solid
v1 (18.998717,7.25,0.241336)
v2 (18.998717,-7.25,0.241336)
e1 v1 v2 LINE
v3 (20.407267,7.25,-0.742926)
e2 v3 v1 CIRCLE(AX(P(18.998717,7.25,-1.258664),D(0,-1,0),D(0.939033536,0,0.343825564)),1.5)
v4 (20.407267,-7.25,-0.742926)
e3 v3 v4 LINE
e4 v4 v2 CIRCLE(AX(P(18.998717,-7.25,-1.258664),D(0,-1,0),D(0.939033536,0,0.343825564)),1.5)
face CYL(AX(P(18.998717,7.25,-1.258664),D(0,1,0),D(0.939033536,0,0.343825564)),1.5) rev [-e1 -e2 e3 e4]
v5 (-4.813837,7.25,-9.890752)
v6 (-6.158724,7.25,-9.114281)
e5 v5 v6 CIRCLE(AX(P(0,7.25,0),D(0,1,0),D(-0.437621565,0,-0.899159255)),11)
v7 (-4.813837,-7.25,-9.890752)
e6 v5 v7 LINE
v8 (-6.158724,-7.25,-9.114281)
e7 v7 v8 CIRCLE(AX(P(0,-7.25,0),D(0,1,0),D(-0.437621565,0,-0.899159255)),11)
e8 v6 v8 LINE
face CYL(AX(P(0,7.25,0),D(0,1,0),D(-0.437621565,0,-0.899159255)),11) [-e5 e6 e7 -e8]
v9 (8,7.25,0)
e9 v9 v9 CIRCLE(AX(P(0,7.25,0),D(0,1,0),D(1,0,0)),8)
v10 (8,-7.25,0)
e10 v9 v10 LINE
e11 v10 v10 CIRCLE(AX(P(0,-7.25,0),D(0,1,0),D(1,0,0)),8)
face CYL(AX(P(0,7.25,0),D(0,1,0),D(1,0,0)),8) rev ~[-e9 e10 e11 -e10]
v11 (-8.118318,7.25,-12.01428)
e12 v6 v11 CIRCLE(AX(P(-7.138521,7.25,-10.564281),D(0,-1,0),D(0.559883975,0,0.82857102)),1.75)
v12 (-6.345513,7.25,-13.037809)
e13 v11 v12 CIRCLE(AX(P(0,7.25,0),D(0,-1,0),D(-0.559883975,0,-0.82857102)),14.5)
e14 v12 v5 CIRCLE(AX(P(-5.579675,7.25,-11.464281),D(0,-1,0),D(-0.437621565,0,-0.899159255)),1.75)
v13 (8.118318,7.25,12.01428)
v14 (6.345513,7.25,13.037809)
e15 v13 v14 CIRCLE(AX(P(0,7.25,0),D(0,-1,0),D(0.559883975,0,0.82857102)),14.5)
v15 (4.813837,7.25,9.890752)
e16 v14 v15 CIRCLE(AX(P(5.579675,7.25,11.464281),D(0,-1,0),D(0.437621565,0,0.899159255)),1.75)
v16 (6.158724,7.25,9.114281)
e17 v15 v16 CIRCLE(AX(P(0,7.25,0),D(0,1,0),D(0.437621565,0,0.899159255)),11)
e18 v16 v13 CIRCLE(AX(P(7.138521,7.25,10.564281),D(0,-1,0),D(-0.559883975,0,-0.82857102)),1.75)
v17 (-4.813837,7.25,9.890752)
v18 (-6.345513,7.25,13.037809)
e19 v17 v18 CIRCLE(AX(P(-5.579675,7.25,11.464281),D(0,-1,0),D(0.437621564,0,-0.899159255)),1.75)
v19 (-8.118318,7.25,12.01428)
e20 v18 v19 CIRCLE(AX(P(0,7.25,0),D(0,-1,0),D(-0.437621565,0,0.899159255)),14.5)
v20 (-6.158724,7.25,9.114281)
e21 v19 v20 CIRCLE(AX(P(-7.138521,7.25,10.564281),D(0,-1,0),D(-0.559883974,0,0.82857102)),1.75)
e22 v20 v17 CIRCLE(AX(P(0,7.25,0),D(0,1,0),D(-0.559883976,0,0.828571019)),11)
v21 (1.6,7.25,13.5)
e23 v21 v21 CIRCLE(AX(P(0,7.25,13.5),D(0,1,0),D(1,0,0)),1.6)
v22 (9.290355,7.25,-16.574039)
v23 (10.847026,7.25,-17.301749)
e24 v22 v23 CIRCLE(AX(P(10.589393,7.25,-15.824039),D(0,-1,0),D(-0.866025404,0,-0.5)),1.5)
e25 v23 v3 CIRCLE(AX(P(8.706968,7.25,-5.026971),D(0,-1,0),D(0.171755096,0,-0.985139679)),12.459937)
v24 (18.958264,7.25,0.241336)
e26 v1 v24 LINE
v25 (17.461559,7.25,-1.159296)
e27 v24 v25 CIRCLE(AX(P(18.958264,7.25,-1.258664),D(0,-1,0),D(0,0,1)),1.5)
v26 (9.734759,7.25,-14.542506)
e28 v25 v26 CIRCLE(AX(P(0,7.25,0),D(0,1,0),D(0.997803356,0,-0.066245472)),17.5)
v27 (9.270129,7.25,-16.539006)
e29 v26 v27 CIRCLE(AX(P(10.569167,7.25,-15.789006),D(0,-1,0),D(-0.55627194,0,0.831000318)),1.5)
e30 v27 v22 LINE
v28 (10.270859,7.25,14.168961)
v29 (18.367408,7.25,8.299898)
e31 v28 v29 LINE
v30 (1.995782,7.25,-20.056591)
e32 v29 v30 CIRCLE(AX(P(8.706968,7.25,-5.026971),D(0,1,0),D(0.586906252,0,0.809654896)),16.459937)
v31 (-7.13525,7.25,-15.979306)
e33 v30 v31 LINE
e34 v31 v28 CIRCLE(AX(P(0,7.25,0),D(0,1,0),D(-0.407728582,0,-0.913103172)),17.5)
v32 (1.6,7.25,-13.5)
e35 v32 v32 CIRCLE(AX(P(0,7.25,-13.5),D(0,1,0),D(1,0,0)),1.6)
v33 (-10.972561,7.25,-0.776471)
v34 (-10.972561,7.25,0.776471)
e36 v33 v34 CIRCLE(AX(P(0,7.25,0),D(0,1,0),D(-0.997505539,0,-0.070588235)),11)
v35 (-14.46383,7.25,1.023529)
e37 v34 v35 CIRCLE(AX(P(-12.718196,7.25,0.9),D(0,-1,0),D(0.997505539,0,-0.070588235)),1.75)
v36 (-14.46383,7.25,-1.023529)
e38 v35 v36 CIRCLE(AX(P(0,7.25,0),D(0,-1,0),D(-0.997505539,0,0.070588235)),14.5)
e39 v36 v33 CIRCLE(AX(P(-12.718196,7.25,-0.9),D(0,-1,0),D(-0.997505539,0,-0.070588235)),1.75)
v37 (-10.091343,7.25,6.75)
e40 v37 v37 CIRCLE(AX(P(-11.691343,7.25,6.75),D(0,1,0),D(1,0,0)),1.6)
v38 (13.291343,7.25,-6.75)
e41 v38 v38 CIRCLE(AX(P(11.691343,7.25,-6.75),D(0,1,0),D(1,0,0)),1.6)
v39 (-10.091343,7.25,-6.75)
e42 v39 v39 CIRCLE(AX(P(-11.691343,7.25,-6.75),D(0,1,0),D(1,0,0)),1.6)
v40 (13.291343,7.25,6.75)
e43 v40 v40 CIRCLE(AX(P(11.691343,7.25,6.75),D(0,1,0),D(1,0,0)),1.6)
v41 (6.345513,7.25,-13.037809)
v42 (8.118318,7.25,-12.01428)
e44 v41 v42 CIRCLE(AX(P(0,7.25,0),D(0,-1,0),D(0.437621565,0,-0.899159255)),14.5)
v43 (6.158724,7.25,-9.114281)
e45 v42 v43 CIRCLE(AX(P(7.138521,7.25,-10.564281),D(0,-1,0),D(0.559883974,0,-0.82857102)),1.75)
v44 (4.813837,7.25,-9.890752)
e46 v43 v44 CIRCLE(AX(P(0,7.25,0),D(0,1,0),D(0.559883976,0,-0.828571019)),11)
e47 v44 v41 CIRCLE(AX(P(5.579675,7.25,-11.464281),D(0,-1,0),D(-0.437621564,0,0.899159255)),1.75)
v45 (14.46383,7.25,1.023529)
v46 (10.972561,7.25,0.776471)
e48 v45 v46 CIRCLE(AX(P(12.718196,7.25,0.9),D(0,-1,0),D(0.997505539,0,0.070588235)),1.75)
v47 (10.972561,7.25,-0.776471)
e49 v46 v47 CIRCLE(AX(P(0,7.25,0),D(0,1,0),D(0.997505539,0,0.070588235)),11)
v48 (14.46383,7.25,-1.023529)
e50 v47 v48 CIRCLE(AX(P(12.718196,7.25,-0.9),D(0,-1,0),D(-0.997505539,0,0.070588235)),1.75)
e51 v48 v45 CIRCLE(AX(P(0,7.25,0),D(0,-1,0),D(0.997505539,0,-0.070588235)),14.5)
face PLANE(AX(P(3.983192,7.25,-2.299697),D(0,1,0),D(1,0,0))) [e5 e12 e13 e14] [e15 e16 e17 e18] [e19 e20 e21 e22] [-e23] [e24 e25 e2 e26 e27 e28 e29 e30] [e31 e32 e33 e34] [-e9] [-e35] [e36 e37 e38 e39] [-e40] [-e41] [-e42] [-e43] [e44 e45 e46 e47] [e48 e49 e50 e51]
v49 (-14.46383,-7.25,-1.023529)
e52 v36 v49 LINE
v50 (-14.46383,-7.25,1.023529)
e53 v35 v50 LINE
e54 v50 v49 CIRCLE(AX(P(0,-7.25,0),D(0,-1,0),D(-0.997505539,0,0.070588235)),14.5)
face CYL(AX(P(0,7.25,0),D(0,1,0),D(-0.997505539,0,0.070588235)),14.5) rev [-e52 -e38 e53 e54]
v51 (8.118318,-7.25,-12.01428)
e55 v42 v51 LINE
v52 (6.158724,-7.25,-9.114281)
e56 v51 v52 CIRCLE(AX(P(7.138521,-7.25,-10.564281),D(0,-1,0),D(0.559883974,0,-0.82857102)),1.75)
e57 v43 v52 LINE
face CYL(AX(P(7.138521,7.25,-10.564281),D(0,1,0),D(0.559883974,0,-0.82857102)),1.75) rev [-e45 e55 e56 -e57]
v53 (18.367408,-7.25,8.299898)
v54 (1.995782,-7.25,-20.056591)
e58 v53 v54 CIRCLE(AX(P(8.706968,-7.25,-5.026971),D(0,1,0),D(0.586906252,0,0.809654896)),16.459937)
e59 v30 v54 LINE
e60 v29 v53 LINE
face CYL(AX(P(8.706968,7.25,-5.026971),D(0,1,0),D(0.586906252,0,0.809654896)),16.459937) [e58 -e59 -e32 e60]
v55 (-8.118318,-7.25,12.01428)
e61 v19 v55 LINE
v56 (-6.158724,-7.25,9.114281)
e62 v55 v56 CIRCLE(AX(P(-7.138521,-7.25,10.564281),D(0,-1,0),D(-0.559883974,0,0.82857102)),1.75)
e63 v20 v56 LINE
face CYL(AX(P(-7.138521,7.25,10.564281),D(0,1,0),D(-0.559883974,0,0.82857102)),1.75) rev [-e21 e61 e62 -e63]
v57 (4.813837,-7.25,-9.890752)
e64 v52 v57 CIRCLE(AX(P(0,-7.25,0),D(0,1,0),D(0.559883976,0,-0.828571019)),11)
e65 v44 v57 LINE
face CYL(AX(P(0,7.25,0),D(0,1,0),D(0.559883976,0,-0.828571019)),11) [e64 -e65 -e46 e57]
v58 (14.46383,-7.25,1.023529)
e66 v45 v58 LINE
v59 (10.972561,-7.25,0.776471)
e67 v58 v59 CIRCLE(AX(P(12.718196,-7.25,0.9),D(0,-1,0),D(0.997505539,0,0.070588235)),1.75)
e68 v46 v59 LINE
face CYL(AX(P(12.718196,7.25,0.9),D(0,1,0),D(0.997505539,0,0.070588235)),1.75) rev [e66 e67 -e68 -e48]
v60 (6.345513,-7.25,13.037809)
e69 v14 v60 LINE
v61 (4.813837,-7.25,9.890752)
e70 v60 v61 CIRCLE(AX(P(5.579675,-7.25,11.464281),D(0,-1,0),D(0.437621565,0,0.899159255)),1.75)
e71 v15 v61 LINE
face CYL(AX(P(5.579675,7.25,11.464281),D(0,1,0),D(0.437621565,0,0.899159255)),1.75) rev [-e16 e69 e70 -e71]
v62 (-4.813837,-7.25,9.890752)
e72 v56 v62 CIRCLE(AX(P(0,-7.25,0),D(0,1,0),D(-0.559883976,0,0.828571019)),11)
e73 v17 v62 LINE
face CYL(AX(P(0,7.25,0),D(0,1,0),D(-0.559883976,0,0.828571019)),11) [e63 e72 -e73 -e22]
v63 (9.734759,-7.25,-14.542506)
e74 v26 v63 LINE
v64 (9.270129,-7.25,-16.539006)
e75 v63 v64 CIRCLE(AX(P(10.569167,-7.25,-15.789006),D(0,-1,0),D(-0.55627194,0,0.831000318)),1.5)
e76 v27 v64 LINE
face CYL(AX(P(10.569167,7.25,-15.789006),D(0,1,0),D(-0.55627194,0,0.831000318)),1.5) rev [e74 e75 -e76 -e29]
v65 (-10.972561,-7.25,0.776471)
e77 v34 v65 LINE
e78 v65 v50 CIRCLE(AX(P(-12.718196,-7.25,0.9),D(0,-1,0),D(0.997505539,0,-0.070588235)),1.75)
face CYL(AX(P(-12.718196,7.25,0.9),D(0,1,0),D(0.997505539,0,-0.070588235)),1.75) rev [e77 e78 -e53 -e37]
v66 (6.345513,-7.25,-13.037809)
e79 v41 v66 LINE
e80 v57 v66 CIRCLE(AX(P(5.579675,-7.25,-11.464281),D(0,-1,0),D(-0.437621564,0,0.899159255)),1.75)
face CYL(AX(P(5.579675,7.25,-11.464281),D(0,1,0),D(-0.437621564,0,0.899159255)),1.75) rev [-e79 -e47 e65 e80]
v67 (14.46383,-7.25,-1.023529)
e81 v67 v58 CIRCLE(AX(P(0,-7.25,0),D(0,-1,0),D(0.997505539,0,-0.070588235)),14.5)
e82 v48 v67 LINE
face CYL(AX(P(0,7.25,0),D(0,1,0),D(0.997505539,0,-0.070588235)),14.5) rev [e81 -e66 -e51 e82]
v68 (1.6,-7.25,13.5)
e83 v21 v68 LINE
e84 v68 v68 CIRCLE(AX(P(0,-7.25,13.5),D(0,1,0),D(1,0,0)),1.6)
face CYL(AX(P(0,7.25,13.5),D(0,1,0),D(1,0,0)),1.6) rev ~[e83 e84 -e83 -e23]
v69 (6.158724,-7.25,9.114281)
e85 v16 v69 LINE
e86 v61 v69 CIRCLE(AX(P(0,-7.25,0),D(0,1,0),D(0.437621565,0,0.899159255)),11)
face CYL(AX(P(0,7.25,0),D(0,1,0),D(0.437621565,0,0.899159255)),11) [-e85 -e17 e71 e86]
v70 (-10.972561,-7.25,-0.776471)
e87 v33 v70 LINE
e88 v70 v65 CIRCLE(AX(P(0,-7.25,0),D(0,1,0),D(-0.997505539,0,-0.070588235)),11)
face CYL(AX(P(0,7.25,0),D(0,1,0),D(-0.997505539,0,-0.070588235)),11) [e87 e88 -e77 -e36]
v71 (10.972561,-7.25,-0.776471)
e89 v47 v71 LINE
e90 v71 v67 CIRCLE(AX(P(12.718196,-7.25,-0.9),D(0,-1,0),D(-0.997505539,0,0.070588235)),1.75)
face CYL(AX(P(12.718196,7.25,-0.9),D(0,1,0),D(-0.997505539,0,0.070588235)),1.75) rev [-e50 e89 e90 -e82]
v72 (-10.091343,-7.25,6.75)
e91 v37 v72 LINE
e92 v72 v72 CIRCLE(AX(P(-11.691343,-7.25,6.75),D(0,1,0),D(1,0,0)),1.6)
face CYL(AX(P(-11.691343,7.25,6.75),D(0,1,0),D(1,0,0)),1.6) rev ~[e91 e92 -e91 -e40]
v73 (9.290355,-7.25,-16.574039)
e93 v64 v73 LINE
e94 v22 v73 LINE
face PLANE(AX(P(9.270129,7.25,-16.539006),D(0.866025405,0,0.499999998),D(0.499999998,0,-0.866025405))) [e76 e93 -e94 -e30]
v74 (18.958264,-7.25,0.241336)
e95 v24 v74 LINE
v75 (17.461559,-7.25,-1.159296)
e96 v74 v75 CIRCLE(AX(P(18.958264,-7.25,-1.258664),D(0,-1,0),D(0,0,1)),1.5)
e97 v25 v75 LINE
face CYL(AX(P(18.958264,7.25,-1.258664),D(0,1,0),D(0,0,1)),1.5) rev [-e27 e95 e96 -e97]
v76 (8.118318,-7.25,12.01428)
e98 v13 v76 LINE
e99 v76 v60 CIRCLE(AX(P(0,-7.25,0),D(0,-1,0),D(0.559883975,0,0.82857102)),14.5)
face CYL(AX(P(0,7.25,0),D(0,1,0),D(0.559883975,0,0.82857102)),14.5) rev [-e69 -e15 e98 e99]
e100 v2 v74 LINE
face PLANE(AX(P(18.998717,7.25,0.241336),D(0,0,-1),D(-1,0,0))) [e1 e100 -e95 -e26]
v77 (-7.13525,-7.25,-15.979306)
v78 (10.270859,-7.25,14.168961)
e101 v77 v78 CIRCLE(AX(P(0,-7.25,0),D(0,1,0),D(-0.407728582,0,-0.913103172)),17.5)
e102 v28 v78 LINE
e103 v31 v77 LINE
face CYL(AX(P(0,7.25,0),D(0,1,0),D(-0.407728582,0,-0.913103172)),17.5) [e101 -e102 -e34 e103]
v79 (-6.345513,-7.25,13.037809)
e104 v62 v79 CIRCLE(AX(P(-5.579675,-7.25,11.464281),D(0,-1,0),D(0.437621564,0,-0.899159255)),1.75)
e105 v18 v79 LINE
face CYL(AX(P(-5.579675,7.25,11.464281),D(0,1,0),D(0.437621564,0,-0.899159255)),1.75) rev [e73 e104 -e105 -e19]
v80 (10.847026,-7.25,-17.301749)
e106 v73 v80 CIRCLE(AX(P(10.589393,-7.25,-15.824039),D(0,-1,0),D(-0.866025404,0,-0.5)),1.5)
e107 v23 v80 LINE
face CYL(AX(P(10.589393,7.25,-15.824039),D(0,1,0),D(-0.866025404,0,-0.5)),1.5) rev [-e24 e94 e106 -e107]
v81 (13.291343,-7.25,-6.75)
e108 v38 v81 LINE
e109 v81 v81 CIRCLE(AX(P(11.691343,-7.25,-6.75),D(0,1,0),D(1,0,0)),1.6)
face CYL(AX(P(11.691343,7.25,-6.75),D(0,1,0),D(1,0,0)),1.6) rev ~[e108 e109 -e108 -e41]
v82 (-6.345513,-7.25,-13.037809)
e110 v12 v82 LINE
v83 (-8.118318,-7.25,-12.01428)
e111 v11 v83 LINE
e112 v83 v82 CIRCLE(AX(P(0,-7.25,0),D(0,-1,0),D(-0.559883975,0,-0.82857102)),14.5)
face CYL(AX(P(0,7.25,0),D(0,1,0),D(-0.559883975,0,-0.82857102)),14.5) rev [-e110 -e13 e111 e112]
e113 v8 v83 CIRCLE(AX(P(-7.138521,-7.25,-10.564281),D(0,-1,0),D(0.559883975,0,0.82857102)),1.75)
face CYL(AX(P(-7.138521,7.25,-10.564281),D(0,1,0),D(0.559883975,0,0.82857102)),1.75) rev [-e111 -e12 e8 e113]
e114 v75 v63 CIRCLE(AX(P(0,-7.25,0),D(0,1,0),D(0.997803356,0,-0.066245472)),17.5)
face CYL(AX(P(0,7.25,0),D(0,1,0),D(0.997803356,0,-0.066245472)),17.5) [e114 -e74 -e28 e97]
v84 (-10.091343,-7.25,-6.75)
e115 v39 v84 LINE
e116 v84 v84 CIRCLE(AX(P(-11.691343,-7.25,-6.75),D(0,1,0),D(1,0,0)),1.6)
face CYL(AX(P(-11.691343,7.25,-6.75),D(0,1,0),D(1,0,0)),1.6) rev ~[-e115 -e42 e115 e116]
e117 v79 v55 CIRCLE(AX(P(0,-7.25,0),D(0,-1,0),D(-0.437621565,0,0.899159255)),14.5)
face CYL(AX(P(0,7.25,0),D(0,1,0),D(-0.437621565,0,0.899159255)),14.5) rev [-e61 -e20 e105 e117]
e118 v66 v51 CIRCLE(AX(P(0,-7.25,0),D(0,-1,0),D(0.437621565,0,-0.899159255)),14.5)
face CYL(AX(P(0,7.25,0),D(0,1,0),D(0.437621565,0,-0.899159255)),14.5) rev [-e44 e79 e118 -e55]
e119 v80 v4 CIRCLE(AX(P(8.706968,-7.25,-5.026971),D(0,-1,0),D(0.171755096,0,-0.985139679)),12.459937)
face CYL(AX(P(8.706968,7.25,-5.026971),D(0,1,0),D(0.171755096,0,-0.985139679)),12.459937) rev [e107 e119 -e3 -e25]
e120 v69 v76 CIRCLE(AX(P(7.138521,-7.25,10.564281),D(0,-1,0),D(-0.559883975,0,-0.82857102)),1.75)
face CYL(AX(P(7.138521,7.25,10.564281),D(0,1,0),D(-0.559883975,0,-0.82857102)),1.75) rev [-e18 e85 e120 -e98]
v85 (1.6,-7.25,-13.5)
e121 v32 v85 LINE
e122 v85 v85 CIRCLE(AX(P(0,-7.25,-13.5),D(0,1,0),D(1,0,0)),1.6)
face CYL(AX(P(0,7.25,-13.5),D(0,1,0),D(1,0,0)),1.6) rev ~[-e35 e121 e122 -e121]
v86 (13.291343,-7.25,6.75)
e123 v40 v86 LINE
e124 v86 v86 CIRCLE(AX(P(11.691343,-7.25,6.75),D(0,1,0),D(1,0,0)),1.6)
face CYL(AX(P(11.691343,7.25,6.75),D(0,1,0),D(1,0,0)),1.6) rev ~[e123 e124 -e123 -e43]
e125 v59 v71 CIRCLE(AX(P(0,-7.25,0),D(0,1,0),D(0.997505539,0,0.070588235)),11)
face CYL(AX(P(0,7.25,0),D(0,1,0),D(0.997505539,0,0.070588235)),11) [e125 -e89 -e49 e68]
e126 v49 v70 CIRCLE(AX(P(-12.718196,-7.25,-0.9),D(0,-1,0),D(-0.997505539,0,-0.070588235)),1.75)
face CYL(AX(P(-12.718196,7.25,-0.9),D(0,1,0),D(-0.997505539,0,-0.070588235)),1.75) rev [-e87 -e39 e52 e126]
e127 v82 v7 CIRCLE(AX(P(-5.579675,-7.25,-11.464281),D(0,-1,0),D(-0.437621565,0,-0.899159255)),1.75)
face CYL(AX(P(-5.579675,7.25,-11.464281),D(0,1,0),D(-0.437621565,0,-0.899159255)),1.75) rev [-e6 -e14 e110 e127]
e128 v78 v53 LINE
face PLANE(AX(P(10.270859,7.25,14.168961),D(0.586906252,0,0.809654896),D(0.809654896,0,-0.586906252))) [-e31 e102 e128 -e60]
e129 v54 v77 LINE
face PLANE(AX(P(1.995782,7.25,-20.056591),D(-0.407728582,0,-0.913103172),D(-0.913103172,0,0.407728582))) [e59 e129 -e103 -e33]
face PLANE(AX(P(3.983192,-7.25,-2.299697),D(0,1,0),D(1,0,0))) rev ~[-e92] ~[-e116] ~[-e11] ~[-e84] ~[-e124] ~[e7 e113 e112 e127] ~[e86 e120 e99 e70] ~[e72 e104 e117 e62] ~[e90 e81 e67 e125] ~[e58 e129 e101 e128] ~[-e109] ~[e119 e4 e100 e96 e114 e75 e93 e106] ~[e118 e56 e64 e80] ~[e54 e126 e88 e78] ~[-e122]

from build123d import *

# Parameters (mm, degrees)
SKETCH_1_R      = 1.6
SKETCH_1_R_2    = 8
EXTRUDE_1_DEPTH = 14.5


with BuildPart() as part:
    # 草图1 → 凸台-拉伸1 (new body)
    with BuildSketch(Plane(origin=(0, 7.25, 0), x_dir=(1, 0, 0), z_dir=(0, 1, 0))):
        with BuildLine():
            Line((10.270859413, -14.168960686), (18.367408376, -8.299898164))
            ThreePointArc((18.367408376, -8.299898164), (22.961692064, 13.256939094), (1.995781529, 20.056591338))
            Line((1.995781529, 20.056591338), (-7.135250193, 15.979305513))
            ThreePointArc((-7.135250193, 15.979305513), (-15.155444566, -8.75), (10.270859413, -14.168960686))
        make_face()
        with Locations((-11.691342951, -6.75)):
            Circle(SKETCH_1_R, mode=Mode.SUBTRACT)
        with Locations((-11.691342951, 6.75)):
            Circle(SKETCH_1_R, mode=Mode.SUBTRACT)
        with Locations((0, 13.5)):
            Circle(SKETCH_1_R, mode=Mode.SUBTRACT)
        with Locations((11.691342951, 6.75)):
            Circle(SKETCH_1_R, mode=Mode.SUBTRACT)
        with Locations((11.691342951, -6.75)):
            Circle(SKETCH_1_R, mode=Mode.SUBTRACT)
        with Locations((0, -13.5)):
            Circle(SKETCH_1_R, mode=Mode.SUBTRACT)
        Circle(SKETCH_1_R_2, mode=Mode.SUBTRACT)
        with BuildLine():
            Line((18.998716884, -0.241336031), (18.958263766, -0.241336031))
            ThreePointArc((18.958263766, -0.241336031), (17.933337503, 0.163435155), (17.461558732, 1.159295761))
            ThreePointArc((17.461558732, 1.159295761), (15.155444566, 8.75), (9.734758946, 14.542505571))
            ThreePointArc((9.734758946, 14.542505571), (9.108207748, 15.449008275), (9.27012875, 16.539006048))
            Line((9.27012875, 16.539006048), (9.290355309, 16.574039476))
            ThreePointArc((9.290355309, 16.574039476), (9.954159898, 17.182891337), (10.847026058, 17.301748995))
            ThreePointArc((10.847026058, 17.301748995), (19.497590449, 11.256939094), (20.407267188, 0.742925624))
            ThreePointArc((20.407267188, 0.742925624), (19.857900358, 0.029109677), (18.998716884, -0.241336031))
        make_face(mode=Mode.SUBTRACT)
        with BuildLine():
            ThreePointArc((4.813837212, -9.890751807), (5.5, -9.526279442), (6.158723721, -9.114281218))
            ThreePointArc((6.158723721, -9.114281218), (8.588519962, -9.584483547), (8.118317632, -12.014279788))
            ThreePointArc((8.118317632, -12.014279788), (7.25, -12.557368355), (6.345512688, -13.0378092))
            ThreePointArc((6.345512688, -13.0378092), (4.006146253, -12.230118241), (4.813837212, -9.890751807))
        make_face(mode=Mode.SUBTRACT)
        with BuildLine():
            ThreePointArc((-6.158723721, -9.114281218), (-5.5, -9.526279442), (-4.813837212, -9.890751807))
            ThreePointArc((-4.813837212, -9.890751807), (-4.006146253, -12.230118241), (-6.345512688, -13.0378092))
            ThreePointArc((-6.345512688, -13.0378092), (-7.25, -12.557368355), (-8.118317632, -12.014279788))
            ThreePointArc((-8.118317632, -12.014279788), (-8.588519962, -9.584483547), (-6.158723721, -9.114281218))
        make_face(mode=Mode.SUBTRACT)
        with BuildLine():
            ThreePointArc((-10.972560933, 0.776470588), (-11, 0), (-10.972560933, -0.776470588))
            ThreePointArc((-10.972560933, -0.776470588), (-12.594666215, -2.645634694), (-14.463830321, -1.023529412))
            ThreePointArc((-14.463830321, -1.023529412), (-14.5, 0), (-14.463830321, 1.023529412))
            ThreePointArc((-14.463830321, 1.023529412), (-12.594666215, 2.645634694), (-10.972560933, 0.776470588))
        make_face(mode=Mode.SUBTRACT)
        with BuildLine():
            ThreePointArc((-4.813837212, 9.890751807), (-5.5, 9.526279442), (-6.158723721, 9.114281218))
            ThreePointArc((-6.158723721, 9.114281218), (-8.588519962, 9.584483547), (-8.118317632, 12.014279788))
            ThreePointArc((-8.118317632, 12.014279788), (-7.25, 12.557368355), (-6.345512688, 13.0378092))
            ThreePointArc((-6.345512688, 13.0378092), (-4.006146253, 12.230118241), (-4.813837212, 9.890751807))
        make_face(mode=Mode.SUBTRACT)
        with BuildLine():
            ThreePointArc((6.158723721, 9.114281218), (5.5, 9.526279442), (4.813837212, 9.890751807))
            ThreePointArc((4.813837212, 9.890751807), (4.006146253, 12.230118241), (6.345512688, 13.0378092))
            ThreePointArc((6.345512688, 13.0378092), (7.25, 12.557368355), (8.118317632, 12.014279788))
            ThreePointArc((8.118317632, 12.014279788), (8.588519962, 9.584483547), (6.158723721, 9.114281218))
        make_face(mode=Mode.SUBTRACT)
        with BuildLine():
            ThreePointArc((10.972560933, -0.776470588), (11, 0), (10.972560933, 0.776470588))
            ThreePointArc((10.972560933, 0.776470588), (12.594666215, 2.645634694), (14.463830321, 1.023529412))
            ThreePointArc((14.463830321, 1.023529412), (14.5, 0), (14.463830321, -1.023529412))
            ThreePointArc((14.463830321, -1.023529412), (12.594666215, -2.645634694), (10.972560933, -0.776470588))
        make_face(mode=Mode.SUBTRACT)
    extrude(amount=-EXTRUDE_1_DEPTH)


solid = part.part
